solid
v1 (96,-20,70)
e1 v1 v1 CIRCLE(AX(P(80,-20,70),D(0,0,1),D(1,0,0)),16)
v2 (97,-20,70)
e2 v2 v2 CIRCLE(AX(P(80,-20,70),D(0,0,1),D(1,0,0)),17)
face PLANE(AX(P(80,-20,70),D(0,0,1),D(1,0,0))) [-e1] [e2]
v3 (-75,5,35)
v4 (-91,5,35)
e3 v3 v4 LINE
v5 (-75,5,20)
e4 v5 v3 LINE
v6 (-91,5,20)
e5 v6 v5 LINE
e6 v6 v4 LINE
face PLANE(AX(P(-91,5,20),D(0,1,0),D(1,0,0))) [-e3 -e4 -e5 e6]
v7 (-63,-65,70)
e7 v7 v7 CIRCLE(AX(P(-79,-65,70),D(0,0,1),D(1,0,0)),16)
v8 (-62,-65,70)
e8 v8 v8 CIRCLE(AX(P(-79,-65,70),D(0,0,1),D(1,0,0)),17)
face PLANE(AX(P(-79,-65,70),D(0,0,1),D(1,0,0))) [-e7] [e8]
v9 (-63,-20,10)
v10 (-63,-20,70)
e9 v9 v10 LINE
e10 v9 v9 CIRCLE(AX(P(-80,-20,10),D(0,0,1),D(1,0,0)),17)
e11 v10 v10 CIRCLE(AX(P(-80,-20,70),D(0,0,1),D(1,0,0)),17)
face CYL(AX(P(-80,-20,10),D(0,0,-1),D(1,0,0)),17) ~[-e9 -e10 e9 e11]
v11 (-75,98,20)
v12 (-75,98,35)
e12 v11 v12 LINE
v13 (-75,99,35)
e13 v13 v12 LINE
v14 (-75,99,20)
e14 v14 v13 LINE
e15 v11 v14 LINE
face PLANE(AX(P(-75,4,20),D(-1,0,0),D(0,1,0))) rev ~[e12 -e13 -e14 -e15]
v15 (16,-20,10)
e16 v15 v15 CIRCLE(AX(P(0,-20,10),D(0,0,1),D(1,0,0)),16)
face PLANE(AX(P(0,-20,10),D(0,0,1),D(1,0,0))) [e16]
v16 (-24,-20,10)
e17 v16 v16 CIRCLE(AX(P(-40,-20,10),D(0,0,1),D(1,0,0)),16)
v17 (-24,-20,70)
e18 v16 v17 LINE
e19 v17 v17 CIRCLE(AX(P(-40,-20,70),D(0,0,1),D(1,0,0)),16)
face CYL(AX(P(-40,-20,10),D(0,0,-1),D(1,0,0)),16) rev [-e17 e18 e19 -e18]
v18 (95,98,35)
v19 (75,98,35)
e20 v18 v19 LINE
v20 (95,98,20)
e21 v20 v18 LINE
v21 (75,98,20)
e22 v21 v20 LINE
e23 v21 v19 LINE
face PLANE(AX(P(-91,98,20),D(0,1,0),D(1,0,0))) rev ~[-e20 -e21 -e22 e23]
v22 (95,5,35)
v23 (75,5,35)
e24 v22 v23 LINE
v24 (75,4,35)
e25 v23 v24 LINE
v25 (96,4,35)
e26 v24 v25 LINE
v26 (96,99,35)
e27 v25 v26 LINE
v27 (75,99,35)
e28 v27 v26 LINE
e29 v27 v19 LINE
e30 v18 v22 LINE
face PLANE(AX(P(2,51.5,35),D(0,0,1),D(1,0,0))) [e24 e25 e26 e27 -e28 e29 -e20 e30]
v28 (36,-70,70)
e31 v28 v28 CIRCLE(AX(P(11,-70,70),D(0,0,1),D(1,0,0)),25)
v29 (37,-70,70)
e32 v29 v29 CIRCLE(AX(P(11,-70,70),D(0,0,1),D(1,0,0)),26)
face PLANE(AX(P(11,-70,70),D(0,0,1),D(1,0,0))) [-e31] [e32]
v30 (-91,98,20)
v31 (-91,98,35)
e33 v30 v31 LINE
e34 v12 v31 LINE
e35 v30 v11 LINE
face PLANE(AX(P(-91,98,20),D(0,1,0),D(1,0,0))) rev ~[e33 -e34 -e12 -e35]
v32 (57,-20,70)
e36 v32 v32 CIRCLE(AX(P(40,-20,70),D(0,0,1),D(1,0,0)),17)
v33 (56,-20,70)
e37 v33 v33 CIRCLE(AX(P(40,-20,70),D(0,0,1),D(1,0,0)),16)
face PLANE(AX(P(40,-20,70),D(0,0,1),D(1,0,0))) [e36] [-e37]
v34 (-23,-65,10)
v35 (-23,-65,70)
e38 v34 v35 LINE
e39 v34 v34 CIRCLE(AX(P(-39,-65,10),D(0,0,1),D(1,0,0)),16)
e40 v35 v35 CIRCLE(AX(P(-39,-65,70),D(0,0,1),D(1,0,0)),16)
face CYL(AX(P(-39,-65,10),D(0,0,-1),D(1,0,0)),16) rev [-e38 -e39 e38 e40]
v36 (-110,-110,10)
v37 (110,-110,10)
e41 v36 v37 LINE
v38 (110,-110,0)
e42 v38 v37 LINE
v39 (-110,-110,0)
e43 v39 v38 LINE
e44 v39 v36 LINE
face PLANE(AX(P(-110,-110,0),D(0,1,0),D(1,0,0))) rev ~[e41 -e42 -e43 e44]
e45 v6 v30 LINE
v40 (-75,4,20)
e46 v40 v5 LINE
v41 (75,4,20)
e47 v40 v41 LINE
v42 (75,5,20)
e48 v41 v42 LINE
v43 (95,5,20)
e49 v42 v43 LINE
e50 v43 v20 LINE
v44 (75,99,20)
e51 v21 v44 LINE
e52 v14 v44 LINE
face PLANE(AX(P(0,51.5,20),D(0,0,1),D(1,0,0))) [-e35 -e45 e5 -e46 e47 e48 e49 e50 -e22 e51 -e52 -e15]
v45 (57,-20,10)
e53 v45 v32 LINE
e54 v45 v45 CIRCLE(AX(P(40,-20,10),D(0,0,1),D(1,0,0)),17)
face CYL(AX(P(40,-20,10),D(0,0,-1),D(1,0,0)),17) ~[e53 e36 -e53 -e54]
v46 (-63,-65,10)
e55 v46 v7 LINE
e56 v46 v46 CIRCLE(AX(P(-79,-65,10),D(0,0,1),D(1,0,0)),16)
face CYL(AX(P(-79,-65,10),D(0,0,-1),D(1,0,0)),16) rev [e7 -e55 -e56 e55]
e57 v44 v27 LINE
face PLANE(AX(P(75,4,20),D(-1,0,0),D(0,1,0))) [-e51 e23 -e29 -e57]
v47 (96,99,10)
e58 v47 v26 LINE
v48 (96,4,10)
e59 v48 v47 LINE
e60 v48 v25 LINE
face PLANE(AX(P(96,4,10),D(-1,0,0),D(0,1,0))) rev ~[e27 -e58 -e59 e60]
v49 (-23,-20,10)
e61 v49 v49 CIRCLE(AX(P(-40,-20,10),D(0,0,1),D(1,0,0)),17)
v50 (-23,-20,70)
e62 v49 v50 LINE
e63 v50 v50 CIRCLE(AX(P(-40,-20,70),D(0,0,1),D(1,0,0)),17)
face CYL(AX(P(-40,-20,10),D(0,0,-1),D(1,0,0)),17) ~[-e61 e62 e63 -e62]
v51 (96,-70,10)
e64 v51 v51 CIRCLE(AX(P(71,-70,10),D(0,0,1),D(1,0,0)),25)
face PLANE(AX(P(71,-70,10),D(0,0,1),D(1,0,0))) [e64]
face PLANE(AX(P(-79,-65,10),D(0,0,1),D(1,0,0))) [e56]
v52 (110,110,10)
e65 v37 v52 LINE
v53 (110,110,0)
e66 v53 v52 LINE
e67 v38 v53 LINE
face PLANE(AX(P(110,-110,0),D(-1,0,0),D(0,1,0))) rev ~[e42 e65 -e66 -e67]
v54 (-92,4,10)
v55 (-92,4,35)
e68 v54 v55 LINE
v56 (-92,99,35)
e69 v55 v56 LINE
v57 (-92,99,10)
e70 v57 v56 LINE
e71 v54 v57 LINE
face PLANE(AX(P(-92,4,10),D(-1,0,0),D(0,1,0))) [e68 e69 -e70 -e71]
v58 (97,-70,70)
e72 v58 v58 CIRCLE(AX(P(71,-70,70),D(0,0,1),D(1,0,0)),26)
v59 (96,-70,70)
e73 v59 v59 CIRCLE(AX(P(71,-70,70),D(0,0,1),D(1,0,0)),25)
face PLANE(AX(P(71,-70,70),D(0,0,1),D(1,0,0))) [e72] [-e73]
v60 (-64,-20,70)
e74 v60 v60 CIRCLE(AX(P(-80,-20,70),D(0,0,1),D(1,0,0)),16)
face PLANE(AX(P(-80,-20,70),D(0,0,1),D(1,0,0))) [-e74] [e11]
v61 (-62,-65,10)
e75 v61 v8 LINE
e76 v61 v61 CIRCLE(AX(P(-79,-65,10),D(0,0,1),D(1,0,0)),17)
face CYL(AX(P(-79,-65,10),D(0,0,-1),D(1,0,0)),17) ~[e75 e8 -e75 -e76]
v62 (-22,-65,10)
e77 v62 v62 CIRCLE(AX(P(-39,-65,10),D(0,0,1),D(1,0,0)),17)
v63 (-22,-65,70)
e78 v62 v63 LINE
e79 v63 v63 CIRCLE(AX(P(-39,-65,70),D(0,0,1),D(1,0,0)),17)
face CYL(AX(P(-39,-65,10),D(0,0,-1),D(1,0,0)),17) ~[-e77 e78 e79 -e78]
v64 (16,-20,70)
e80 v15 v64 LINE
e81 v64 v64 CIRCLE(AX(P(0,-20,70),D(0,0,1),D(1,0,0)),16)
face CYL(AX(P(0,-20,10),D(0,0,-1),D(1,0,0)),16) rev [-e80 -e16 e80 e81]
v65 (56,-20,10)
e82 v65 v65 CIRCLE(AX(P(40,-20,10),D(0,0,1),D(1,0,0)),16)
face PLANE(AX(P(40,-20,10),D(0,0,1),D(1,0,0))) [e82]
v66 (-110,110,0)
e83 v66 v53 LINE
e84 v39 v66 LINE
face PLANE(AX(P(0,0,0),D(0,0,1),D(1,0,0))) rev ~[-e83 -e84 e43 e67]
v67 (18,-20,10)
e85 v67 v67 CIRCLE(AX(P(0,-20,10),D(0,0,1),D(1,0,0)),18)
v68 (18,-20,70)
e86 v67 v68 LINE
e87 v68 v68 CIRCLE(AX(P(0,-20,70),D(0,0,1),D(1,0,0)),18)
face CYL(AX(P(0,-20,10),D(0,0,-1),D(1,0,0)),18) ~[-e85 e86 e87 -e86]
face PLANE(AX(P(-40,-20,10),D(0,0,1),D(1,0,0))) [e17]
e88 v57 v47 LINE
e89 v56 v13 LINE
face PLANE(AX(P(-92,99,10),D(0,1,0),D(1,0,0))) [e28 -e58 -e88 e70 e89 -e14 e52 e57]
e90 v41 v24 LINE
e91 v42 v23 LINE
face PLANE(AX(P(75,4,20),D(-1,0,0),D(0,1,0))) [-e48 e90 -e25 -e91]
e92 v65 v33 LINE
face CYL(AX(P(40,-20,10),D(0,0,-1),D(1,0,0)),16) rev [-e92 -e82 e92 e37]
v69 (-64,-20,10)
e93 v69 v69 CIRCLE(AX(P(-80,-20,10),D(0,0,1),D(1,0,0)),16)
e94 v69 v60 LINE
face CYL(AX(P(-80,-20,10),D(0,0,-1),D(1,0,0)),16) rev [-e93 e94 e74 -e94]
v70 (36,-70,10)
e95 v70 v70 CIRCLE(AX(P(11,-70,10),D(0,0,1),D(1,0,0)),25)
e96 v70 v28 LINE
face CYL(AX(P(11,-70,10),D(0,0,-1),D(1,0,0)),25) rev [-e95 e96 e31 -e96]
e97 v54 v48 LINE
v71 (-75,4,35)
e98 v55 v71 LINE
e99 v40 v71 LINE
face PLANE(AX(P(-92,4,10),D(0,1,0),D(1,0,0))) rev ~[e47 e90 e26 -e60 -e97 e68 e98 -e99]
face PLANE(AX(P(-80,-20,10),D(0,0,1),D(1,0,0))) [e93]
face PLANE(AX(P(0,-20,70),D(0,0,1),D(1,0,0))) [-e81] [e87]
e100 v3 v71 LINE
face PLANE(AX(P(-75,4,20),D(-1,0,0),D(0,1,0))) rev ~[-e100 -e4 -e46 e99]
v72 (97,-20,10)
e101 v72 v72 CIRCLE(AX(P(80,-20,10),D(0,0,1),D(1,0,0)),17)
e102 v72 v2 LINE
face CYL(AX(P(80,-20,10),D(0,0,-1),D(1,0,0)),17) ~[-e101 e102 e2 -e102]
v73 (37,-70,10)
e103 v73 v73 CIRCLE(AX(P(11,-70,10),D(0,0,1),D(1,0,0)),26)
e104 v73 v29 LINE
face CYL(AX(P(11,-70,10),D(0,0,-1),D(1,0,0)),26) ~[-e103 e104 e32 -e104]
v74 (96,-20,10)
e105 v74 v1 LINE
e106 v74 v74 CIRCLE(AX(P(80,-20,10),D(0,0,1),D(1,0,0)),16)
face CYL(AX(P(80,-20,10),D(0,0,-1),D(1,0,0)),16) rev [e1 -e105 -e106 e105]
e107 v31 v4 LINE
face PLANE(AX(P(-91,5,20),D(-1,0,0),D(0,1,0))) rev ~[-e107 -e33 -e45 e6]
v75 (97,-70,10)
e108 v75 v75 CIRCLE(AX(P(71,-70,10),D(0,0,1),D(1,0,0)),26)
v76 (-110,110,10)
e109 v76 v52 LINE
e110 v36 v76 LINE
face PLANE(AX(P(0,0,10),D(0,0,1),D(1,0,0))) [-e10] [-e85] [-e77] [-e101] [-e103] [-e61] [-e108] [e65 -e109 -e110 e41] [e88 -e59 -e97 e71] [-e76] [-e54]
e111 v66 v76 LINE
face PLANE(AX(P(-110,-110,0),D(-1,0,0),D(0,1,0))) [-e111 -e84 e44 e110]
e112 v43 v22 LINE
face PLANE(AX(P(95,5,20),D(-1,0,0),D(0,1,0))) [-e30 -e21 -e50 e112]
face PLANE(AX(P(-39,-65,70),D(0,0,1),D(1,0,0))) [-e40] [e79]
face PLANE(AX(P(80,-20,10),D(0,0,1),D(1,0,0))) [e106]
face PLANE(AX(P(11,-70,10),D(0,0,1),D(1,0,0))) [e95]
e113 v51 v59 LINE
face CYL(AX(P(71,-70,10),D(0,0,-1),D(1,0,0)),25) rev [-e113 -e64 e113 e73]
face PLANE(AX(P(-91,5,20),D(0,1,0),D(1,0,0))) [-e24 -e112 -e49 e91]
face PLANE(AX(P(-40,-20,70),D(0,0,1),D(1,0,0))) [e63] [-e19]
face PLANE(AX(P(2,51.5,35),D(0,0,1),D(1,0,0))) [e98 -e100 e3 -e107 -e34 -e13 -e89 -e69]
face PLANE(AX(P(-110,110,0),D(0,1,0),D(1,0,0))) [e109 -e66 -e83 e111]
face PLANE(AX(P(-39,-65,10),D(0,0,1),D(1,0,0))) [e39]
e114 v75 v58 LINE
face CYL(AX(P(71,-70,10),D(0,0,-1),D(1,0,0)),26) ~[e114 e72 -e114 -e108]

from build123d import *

# Parameters (mm, degrees)
SKETCH_W          = 220
SKETCH_H          = 220
PAD_DEPTH         = 10
BOX_W             = 188
BOX_H             = 95
BOX_DEPTH         = 25
BOX001_W          = 186
BOX001_H          = 93
BOX001_DEPTH      = 20
BOX002_W          = 150
BOX002_H          = 95
BOX002_DEPTH      = 20
CYLINDER_R        = 18
CYLINDER_DEPTH    = 60
CYLINDER001_R     = 17
CYLINDER001_DEPTH = 60
CYLINDER002_R     = 16
CYLINDER002_DEPTH = 60
CYLINDER003_R     = 17
CYLINDER003_DEPTH = 60
CYLINDER004_R     = 16
CYLINDER004_DEPTH = 60
CYLINDER005_R     = 17
CYLINDER005_DEPTH = 60
CYLINDER006_R     = 16
CYLINDER006_DEPTH = 60
CYLINDER007_R     = 17
CYLINDER007_DEPTH = 60
CYLINDER008_R     = 16
CYLINDER008_DEPTH = 60
CYLINDER009_R     = 16
CYLINDER009_DEPTH = 60
CYLINDER010_R     = 17
CYLINDER010_DEPTH = 60
CYLINDER011_R     = 16
CYLINDER011_DEPTH = 60
CYLINDER012_R     = 17
CYLINDER012_DEPTH = 60
CYLINDER013_R     = 16
CYLINDER013_DEPTH = 60
CYLINDER014_R     = 26
CYLINDER014_DEPTH = 60
CYLINDER015_R     = 25
CYLINDER015_DEPTH = 60
CYLINDER016_R     = 26
CYLINDER016_DEPTH = 60
CYLINDER017_R     = 25
CYLINDER017_DEPTH = 60


with BuildPart() as part:
    # Sketch → Pad (new body)
    with BuildSketch(Plane.XY):
        Rectangle(SKETCH_W, SKETCH_H)
    extrude(amount=PAD_DEPTH)

    # Box → Box (join)
    with BuildSketch(Plane(origin=(-92, 4, 10), x_dir=(1, 0, 0), z_dir=(0, 0, 1))):
        with Locations((94, 47.5)):
            Rectangle(BOX_W, BOX_H)
    extrude(amount=BOX_DEPTH)

    # Box001 → Box001 (cut)
    with BuildSketch(Plane(origin=(-91, 5, 20), x_dir=(1, 0, 0), z_dir=(0, 0, 1))):
        with Locations((93, 46.5)):
            Rectangle(BOX001_W, BOX001_H)
    extrude(amount=BOX001_DEPTH, mode=Mode.SUBTRACT)

    # Box002 → Box002 (cut)
    with BuildSketch(Plane(origin=(-75, 4, 20), x_dir=(1, 0, 0), z_dir=(0, 0, 1))):
        with Locations((75, 47.5)):
            Rectangle(BOX002_W, BOX002_H)
    extrude(amount=BOX002_DEPTH, mode=Mode.SUBTRACT)

    # Cylinder → Cylinder (join)
    with BuildSketch(Plane(origin=(0, -20, 10), x_dir=(1, 0, 0), z_dir=(0, 0, 1))):
        Circle(CYLINDER_R)
    extrude(amount=CYLINDER_DEPTH)

    # Cylinder001 → Cylinder001 (join)
    with BuildSketch(Plane(origin=(40, -20, 10), x_dir=(1, 0, 0), z_dir=(0, 0, 1))):
        Circle(CYLINDER001_R)
    extrude(amount=CYLINDER001_DEPTH)

    # Cylinder002 → Cylinder002 (cut)
    with BuildSketch(Plane(origin=(40, -20, 10), x_dir=(1, 0, 0), z_dir=(0, 0, 1))):
        Circle(CYLINDER002_R)
    extrude(amount=CYLINDER002_DEPTH, mode=Mode.SUBTRACT)

    # Cylinder003 → Cylinder003 (join)
    with BuildSketch(Plane(origin=(80, -20, 10), x_dir=(1, 0, 0), z_dir=(0, 0, 1))):
        Circle(CYLINDER003_R)
    extrude(amount=CYLINDER003_DEPTH)

    # Cylinder004 → Cylinder004 (cut)
    with BuildSketch(Plane(origin=(80, -20, 10), x_dir=(1, 0, 0), z_dir=(0, 0, 1))):
        Circle(CYLINDER004_R)
    extrude(amount=CYLINDER004_DEPTH, mode=Mode.SUBTRACT)

    # Cylinder005 → Cylinder005 (join)
    with BuildSketch(Plane(origin=(-40, -20, 10), x_dir=(1, 0, 0), z_dir=(0, 0, 1))):
        Circle(CYLINDER005_R)
    extrude(amount=CYLINDER005_DEPTH)

    # Cylinder006 → Cylinder006 (cut)
    with BuildSketch(Plane(origin=(-40, -20, 10), x_dir=(1, 0, 0), z_dir=(0, 0, 1))):
        Circle(CYLINDER006_R)
    extrude(amount=CYLINDER006_DEPTH, mode=Mode.SUBTRACT)

    # Cylinder007 → Cylinder007 (join)
    with BuildSketch(Plane(origin=(-80, -20, 10), x_dir=(1, 0, 0), z_dir=(0, 0, 1))):
        Circle(CYLINDER007_R)
    extrude(amount=CYLINDER007_DEPTH)

    # Cylinder008 → Cylinder008 (cut)
    with BuildSketch(Plane(origin=(-80, -20, 10), x_dir=(1, 0, 0), z_dir=(0, 0, 1))):
        Circle(CYLINDER008_R)
    extrude(amount=CYLINDER008_DEPTH, mode=Mode.SUBTRACT)

    # Cylinder009 → Cylinder009 (cut)
    with BuildSketch(Plane(origin=(0, -20, 10), x_dir=(1, 0, 0), z_dir=(0, 0, 1))):
        Circle(CYLINDER009_R)
    extrude(amount=CYLINDER009_DEPTH, mode=Mode.SUBTRACT)

    # Cylinder010 → Cylinder010 (join)
    with BuildSketch(Plane(origin=(-79, -65, 10), x_dir=(1, 0, 0), z_dir=(0, 0, 1))):
        Circle(CYLINDER010_R)
    extrude(amount=CYLINDER010_DEPTH)

    # Cylinder011 → Cylinder011 (cut)
    with BuildSketch(Plane(origin=(-79, -65, 10), x_dir=(1, 0, 0), z_dir=(0, 0, 1))):
        Circle(CYLINDER011_R)
    extrude(amount=CYLINDER011_DEPTH, mode=Mode.SUBTRACT)

    # Cylinder012 → Cylinder012 (join)
    with BuildSketch(Plane(origin=(-39, -65, 10), x_dir=(1, 0, 0), z_dir=(0, 0, 1))):
        Circle(CYLINDER012_R)
    extrude(amount=CYLINDER012_DEPTH)

    # Cylinder013 → Cylinder013 (cut)
    with BuildSketch(Plane(origin=(-39, -65, 10), x_dir=(1, 0, 0), z_dir=(0, 0, 1))):
        Circle(CYLINDER013_R)
    extrude(amount=CYLINDER013_DEPTH, mode=Mode.SUBTRACT)

    # Cylinder014 → Cylinder014 (join)
    with BuildSketch(Plane(origin=(11, -70, 10), x_dir=(1, 0, 0), z_dir=(0, 0, 1))):
        Circle(CYLINDER014_R)
    extrude(amount=CYLINDER014_DEPTH)

    # Cylinder015 → Cylinder015 (cut)
    with BuildSketch(Plane(origin=(11, -70, 10), x_dir=(1, 0, 0), z_dir=(0, 0, 1))):
        Circle(CYLINDER015_R)
    extrude(amount=CYLINDER015_DEPTH, mode=Mode.SUBTRACT)

    # Cylinder016 → Cylinder016 (join)
    with BuildSketch(Plane(origin=(71, -70, 10), x_dir=(1, 0, 0), z_dir=(0, 0, 1))):
        Circle(CYLINDER016_R)
    extrude(amount=CYLINDER016_DEPTH)

    # Cylinder017 → Cylinder017 (cut)
    with BuildSketch(Plane(origin=(71, -70, 10), x_dir=(1, 0, 0), z_dir=(0, 0, 1))):
        Circle(CYLINDER017_R)
    extrude(amount=CYLINDER017_DEPTH, mode=Mode.SUBTRACT)


solid = part.part
